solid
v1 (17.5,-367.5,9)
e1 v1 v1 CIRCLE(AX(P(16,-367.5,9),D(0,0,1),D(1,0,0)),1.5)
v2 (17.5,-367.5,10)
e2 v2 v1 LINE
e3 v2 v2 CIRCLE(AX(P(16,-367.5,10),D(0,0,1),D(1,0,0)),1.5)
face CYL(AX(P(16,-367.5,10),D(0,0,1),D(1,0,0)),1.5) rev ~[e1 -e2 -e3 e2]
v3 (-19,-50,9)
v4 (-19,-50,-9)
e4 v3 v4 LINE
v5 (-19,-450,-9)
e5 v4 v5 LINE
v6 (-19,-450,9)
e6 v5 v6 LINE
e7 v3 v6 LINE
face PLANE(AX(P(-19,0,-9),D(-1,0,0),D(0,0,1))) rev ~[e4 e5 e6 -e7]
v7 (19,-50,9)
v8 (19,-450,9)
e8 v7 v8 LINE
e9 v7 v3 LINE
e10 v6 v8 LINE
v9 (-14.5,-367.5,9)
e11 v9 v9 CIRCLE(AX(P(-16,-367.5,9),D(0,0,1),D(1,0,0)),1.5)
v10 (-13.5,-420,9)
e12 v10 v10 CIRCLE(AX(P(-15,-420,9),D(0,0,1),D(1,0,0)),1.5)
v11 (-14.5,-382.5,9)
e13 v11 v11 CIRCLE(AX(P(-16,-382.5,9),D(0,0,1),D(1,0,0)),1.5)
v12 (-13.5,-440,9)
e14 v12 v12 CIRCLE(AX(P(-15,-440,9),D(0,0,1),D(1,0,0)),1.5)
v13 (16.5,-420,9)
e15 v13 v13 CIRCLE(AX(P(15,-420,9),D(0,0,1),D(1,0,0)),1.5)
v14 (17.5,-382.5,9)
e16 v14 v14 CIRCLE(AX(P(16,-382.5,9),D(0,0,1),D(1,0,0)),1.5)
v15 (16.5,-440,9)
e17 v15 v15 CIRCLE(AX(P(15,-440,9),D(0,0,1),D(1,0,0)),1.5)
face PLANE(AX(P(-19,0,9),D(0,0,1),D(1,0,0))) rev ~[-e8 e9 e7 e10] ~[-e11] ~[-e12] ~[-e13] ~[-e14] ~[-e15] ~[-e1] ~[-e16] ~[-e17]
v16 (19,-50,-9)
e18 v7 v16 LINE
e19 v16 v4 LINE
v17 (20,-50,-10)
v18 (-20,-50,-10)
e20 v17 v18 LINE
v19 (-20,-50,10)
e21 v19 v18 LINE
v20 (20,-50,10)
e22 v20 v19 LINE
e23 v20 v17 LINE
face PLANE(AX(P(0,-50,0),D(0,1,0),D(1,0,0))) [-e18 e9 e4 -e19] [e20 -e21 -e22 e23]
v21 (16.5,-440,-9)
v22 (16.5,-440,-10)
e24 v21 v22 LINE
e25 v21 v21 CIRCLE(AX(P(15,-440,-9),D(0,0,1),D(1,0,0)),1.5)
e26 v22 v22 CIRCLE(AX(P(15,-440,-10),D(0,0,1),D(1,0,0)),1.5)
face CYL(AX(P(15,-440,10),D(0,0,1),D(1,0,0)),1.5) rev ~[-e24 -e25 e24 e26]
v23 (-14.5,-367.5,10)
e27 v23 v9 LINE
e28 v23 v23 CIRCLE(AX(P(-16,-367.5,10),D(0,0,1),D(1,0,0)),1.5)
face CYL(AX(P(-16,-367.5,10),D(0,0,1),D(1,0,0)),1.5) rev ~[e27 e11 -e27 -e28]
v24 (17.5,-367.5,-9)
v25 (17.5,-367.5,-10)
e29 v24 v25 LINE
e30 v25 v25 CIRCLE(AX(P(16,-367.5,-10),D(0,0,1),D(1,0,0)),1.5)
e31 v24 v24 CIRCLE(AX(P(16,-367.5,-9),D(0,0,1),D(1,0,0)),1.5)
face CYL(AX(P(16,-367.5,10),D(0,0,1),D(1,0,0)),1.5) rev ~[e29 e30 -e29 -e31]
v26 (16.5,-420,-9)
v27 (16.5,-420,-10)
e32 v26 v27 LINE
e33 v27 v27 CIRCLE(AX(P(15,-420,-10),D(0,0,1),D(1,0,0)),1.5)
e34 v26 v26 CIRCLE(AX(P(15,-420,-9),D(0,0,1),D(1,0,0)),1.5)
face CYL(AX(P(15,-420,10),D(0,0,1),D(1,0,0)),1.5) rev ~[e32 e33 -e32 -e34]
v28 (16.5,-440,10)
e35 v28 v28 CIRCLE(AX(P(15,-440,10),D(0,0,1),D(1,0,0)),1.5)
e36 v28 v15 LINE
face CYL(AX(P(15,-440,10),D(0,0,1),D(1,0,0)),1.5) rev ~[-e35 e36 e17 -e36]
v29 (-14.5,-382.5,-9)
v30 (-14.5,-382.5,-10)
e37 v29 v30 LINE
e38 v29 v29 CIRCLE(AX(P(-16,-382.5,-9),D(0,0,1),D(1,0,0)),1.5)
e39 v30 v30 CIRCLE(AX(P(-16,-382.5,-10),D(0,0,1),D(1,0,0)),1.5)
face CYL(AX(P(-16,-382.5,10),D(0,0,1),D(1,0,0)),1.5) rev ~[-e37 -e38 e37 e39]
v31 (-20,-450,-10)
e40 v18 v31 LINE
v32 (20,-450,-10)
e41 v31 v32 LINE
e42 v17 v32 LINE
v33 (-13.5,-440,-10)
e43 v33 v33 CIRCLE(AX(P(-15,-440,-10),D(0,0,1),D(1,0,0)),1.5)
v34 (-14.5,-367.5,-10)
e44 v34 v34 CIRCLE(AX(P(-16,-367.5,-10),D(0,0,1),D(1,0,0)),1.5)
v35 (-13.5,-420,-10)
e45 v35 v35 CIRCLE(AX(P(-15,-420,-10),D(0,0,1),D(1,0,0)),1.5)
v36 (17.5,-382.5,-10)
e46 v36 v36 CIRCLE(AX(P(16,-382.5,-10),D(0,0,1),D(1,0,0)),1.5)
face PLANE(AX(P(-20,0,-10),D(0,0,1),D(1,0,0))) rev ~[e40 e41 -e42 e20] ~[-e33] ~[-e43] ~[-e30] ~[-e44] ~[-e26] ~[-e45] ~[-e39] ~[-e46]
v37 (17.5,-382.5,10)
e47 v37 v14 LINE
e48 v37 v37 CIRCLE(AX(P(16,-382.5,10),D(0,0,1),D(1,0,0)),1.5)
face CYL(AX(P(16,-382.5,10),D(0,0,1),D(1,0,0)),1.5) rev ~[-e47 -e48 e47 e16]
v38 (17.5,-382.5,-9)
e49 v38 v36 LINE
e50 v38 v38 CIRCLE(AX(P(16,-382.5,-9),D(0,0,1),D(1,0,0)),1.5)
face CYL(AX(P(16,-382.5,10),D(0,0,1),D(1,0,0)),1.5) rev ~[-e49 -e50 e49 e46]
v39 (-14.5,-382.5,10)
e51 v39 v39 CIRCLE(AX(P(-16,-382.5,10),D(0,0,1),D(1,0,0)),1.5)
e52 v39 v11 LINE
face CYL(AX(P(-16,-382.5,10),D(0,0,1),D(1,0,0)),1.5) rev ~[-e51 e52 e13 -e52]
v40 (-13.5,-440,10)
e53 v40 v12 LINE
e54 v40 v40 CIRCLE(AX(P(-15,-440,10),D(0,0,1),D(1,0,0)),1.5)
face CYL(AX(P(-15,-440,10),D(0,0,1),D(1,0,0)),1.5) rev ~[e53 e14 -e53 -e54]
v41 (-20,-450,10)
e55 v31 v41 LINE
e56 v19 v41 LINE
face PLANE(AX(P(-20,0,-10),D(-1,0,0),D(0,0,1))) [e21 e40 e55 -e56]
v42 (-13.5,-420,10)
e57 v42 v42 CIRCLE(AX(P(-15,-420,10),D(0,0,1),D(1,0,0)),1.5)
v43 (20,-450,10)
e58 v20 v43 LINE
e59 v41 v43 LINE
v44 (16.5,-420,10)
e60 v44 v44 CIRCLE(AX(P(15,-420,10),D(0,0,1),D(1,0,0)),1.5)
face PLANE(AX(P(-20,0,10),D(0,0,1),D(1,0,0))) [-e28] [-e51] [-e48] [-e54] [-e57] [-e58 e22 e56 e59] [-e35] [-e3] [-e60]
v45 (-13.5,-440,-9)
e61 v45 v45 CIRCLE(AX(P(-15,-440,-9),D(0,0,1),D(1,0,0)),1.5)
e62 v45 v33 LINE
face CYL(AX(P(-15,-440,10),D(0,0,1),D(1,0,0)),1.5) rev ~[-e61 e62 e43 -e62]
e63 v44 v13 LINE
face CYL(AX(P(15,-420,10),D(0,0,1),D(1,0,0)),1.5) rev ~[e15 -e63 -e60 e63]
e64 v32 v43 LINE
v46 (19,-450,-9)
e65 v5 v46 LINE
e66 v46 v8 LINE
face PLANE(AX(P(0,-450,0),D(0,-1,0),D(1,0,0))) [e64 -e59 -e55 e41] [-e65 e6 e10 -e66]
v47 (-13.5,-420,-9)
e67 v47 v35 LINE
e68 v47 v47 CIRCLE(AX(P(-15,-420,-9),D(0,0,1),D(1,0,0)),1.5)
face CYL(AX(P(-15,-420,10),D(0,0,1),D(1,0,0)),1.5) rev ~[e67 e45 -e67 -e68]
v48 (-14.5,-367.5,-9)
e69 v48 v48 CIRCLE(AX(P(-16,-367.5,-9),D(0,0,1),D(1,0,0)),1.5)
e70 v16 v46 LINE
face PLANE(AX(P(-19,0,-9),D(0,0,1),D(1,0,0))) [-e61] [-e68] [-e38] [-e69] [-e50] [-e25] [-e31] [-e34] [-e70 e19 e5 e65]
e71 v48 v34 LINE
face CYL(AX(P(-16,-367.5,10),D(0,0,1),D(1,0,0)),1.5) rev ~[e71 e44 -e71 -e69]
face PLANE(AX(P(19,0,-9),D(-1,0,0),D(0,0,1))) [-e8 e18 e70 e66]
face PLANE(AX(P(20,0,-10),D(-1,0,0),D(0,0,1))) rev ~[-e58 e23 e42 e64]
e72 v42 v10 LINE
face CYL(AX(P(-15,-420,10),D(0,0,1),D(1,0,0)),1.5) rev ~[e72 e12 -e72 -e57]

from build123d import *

# Parameters (mm, degrees)
SKETCH_12_W                   = 40
SKETCH_12_H                   = 20
SKETCH_12_W_2                 = 38
SKETCH_12_H_2                 = 18
F_20X40X1_LVGUAN20X40_1_DEPTH = 450
SKETCH_13_R                   = 1.5
CUT_EXTRUDE_1_DEPTH           = 51
SKETCH_14_W                   = 50.928856462
SKETCH_14_H                   = 27.036577468
CUT_EXTRUDE_2_DEPTH           = 50


with BuildPart() as part:
    # 草图12 → 20x40x1 LVGUAN20X40(1) (new body)
    with BuildSketch(Plane.XZ):
        Rectangle(SKETCH_12_W, SKETCH_12_H)
        Rectangle(SKETCH_12_W_2, SKETCH_12_H_2, mode=Mode.SUBTRACT)
    extrude(amount=F_20X40X1_LVGUAN20X40_1_DEPTH)

    # 草图13 → 切除-拉伸1 (cut)
    with BuildSketch(Plane.XY.offset(10)):
        with Locations((16, -382.5)):
            Circle(SKETCH_13_R)
        with Locations((16, -367.5)):
            Circle(SKETCH_13_R)
        with Locations((-16, -367.5)):
            Circle(SKETCH_13_R)
        with Locations((-16, -382.5)):
            Circle(SKETCH_13_R)
        with Locations((15, -420)):
            Circle(SKETCH_13_R)
        with Locations((-15, -420)):
            Circle(SKETCH_13_R)
        with Locations((-15, -440)):
            Circle(SKETCH_13_R)
        with Locations((15, -440)):
            Circle(SKETCH_13_R)
    extrude(amount=-CUT_EXTRUDE_1_DEPTH, mode=Mode.SUBTRACT)

    # 草图14 → 切除-拉伸2 (cut)
    with BuildSketch(Plane(origin=(0, 0, 0), x_dir=(1, 0, 0), z_dir=(0, 1, 0))):
        Rectangle(SKETCH_14_W, SKETCH_14_H)
    extrude(amount=-CUT_EXTRUDE_2_DEPTH, mode=Mode.SUBTRACT)


solid = part.part
